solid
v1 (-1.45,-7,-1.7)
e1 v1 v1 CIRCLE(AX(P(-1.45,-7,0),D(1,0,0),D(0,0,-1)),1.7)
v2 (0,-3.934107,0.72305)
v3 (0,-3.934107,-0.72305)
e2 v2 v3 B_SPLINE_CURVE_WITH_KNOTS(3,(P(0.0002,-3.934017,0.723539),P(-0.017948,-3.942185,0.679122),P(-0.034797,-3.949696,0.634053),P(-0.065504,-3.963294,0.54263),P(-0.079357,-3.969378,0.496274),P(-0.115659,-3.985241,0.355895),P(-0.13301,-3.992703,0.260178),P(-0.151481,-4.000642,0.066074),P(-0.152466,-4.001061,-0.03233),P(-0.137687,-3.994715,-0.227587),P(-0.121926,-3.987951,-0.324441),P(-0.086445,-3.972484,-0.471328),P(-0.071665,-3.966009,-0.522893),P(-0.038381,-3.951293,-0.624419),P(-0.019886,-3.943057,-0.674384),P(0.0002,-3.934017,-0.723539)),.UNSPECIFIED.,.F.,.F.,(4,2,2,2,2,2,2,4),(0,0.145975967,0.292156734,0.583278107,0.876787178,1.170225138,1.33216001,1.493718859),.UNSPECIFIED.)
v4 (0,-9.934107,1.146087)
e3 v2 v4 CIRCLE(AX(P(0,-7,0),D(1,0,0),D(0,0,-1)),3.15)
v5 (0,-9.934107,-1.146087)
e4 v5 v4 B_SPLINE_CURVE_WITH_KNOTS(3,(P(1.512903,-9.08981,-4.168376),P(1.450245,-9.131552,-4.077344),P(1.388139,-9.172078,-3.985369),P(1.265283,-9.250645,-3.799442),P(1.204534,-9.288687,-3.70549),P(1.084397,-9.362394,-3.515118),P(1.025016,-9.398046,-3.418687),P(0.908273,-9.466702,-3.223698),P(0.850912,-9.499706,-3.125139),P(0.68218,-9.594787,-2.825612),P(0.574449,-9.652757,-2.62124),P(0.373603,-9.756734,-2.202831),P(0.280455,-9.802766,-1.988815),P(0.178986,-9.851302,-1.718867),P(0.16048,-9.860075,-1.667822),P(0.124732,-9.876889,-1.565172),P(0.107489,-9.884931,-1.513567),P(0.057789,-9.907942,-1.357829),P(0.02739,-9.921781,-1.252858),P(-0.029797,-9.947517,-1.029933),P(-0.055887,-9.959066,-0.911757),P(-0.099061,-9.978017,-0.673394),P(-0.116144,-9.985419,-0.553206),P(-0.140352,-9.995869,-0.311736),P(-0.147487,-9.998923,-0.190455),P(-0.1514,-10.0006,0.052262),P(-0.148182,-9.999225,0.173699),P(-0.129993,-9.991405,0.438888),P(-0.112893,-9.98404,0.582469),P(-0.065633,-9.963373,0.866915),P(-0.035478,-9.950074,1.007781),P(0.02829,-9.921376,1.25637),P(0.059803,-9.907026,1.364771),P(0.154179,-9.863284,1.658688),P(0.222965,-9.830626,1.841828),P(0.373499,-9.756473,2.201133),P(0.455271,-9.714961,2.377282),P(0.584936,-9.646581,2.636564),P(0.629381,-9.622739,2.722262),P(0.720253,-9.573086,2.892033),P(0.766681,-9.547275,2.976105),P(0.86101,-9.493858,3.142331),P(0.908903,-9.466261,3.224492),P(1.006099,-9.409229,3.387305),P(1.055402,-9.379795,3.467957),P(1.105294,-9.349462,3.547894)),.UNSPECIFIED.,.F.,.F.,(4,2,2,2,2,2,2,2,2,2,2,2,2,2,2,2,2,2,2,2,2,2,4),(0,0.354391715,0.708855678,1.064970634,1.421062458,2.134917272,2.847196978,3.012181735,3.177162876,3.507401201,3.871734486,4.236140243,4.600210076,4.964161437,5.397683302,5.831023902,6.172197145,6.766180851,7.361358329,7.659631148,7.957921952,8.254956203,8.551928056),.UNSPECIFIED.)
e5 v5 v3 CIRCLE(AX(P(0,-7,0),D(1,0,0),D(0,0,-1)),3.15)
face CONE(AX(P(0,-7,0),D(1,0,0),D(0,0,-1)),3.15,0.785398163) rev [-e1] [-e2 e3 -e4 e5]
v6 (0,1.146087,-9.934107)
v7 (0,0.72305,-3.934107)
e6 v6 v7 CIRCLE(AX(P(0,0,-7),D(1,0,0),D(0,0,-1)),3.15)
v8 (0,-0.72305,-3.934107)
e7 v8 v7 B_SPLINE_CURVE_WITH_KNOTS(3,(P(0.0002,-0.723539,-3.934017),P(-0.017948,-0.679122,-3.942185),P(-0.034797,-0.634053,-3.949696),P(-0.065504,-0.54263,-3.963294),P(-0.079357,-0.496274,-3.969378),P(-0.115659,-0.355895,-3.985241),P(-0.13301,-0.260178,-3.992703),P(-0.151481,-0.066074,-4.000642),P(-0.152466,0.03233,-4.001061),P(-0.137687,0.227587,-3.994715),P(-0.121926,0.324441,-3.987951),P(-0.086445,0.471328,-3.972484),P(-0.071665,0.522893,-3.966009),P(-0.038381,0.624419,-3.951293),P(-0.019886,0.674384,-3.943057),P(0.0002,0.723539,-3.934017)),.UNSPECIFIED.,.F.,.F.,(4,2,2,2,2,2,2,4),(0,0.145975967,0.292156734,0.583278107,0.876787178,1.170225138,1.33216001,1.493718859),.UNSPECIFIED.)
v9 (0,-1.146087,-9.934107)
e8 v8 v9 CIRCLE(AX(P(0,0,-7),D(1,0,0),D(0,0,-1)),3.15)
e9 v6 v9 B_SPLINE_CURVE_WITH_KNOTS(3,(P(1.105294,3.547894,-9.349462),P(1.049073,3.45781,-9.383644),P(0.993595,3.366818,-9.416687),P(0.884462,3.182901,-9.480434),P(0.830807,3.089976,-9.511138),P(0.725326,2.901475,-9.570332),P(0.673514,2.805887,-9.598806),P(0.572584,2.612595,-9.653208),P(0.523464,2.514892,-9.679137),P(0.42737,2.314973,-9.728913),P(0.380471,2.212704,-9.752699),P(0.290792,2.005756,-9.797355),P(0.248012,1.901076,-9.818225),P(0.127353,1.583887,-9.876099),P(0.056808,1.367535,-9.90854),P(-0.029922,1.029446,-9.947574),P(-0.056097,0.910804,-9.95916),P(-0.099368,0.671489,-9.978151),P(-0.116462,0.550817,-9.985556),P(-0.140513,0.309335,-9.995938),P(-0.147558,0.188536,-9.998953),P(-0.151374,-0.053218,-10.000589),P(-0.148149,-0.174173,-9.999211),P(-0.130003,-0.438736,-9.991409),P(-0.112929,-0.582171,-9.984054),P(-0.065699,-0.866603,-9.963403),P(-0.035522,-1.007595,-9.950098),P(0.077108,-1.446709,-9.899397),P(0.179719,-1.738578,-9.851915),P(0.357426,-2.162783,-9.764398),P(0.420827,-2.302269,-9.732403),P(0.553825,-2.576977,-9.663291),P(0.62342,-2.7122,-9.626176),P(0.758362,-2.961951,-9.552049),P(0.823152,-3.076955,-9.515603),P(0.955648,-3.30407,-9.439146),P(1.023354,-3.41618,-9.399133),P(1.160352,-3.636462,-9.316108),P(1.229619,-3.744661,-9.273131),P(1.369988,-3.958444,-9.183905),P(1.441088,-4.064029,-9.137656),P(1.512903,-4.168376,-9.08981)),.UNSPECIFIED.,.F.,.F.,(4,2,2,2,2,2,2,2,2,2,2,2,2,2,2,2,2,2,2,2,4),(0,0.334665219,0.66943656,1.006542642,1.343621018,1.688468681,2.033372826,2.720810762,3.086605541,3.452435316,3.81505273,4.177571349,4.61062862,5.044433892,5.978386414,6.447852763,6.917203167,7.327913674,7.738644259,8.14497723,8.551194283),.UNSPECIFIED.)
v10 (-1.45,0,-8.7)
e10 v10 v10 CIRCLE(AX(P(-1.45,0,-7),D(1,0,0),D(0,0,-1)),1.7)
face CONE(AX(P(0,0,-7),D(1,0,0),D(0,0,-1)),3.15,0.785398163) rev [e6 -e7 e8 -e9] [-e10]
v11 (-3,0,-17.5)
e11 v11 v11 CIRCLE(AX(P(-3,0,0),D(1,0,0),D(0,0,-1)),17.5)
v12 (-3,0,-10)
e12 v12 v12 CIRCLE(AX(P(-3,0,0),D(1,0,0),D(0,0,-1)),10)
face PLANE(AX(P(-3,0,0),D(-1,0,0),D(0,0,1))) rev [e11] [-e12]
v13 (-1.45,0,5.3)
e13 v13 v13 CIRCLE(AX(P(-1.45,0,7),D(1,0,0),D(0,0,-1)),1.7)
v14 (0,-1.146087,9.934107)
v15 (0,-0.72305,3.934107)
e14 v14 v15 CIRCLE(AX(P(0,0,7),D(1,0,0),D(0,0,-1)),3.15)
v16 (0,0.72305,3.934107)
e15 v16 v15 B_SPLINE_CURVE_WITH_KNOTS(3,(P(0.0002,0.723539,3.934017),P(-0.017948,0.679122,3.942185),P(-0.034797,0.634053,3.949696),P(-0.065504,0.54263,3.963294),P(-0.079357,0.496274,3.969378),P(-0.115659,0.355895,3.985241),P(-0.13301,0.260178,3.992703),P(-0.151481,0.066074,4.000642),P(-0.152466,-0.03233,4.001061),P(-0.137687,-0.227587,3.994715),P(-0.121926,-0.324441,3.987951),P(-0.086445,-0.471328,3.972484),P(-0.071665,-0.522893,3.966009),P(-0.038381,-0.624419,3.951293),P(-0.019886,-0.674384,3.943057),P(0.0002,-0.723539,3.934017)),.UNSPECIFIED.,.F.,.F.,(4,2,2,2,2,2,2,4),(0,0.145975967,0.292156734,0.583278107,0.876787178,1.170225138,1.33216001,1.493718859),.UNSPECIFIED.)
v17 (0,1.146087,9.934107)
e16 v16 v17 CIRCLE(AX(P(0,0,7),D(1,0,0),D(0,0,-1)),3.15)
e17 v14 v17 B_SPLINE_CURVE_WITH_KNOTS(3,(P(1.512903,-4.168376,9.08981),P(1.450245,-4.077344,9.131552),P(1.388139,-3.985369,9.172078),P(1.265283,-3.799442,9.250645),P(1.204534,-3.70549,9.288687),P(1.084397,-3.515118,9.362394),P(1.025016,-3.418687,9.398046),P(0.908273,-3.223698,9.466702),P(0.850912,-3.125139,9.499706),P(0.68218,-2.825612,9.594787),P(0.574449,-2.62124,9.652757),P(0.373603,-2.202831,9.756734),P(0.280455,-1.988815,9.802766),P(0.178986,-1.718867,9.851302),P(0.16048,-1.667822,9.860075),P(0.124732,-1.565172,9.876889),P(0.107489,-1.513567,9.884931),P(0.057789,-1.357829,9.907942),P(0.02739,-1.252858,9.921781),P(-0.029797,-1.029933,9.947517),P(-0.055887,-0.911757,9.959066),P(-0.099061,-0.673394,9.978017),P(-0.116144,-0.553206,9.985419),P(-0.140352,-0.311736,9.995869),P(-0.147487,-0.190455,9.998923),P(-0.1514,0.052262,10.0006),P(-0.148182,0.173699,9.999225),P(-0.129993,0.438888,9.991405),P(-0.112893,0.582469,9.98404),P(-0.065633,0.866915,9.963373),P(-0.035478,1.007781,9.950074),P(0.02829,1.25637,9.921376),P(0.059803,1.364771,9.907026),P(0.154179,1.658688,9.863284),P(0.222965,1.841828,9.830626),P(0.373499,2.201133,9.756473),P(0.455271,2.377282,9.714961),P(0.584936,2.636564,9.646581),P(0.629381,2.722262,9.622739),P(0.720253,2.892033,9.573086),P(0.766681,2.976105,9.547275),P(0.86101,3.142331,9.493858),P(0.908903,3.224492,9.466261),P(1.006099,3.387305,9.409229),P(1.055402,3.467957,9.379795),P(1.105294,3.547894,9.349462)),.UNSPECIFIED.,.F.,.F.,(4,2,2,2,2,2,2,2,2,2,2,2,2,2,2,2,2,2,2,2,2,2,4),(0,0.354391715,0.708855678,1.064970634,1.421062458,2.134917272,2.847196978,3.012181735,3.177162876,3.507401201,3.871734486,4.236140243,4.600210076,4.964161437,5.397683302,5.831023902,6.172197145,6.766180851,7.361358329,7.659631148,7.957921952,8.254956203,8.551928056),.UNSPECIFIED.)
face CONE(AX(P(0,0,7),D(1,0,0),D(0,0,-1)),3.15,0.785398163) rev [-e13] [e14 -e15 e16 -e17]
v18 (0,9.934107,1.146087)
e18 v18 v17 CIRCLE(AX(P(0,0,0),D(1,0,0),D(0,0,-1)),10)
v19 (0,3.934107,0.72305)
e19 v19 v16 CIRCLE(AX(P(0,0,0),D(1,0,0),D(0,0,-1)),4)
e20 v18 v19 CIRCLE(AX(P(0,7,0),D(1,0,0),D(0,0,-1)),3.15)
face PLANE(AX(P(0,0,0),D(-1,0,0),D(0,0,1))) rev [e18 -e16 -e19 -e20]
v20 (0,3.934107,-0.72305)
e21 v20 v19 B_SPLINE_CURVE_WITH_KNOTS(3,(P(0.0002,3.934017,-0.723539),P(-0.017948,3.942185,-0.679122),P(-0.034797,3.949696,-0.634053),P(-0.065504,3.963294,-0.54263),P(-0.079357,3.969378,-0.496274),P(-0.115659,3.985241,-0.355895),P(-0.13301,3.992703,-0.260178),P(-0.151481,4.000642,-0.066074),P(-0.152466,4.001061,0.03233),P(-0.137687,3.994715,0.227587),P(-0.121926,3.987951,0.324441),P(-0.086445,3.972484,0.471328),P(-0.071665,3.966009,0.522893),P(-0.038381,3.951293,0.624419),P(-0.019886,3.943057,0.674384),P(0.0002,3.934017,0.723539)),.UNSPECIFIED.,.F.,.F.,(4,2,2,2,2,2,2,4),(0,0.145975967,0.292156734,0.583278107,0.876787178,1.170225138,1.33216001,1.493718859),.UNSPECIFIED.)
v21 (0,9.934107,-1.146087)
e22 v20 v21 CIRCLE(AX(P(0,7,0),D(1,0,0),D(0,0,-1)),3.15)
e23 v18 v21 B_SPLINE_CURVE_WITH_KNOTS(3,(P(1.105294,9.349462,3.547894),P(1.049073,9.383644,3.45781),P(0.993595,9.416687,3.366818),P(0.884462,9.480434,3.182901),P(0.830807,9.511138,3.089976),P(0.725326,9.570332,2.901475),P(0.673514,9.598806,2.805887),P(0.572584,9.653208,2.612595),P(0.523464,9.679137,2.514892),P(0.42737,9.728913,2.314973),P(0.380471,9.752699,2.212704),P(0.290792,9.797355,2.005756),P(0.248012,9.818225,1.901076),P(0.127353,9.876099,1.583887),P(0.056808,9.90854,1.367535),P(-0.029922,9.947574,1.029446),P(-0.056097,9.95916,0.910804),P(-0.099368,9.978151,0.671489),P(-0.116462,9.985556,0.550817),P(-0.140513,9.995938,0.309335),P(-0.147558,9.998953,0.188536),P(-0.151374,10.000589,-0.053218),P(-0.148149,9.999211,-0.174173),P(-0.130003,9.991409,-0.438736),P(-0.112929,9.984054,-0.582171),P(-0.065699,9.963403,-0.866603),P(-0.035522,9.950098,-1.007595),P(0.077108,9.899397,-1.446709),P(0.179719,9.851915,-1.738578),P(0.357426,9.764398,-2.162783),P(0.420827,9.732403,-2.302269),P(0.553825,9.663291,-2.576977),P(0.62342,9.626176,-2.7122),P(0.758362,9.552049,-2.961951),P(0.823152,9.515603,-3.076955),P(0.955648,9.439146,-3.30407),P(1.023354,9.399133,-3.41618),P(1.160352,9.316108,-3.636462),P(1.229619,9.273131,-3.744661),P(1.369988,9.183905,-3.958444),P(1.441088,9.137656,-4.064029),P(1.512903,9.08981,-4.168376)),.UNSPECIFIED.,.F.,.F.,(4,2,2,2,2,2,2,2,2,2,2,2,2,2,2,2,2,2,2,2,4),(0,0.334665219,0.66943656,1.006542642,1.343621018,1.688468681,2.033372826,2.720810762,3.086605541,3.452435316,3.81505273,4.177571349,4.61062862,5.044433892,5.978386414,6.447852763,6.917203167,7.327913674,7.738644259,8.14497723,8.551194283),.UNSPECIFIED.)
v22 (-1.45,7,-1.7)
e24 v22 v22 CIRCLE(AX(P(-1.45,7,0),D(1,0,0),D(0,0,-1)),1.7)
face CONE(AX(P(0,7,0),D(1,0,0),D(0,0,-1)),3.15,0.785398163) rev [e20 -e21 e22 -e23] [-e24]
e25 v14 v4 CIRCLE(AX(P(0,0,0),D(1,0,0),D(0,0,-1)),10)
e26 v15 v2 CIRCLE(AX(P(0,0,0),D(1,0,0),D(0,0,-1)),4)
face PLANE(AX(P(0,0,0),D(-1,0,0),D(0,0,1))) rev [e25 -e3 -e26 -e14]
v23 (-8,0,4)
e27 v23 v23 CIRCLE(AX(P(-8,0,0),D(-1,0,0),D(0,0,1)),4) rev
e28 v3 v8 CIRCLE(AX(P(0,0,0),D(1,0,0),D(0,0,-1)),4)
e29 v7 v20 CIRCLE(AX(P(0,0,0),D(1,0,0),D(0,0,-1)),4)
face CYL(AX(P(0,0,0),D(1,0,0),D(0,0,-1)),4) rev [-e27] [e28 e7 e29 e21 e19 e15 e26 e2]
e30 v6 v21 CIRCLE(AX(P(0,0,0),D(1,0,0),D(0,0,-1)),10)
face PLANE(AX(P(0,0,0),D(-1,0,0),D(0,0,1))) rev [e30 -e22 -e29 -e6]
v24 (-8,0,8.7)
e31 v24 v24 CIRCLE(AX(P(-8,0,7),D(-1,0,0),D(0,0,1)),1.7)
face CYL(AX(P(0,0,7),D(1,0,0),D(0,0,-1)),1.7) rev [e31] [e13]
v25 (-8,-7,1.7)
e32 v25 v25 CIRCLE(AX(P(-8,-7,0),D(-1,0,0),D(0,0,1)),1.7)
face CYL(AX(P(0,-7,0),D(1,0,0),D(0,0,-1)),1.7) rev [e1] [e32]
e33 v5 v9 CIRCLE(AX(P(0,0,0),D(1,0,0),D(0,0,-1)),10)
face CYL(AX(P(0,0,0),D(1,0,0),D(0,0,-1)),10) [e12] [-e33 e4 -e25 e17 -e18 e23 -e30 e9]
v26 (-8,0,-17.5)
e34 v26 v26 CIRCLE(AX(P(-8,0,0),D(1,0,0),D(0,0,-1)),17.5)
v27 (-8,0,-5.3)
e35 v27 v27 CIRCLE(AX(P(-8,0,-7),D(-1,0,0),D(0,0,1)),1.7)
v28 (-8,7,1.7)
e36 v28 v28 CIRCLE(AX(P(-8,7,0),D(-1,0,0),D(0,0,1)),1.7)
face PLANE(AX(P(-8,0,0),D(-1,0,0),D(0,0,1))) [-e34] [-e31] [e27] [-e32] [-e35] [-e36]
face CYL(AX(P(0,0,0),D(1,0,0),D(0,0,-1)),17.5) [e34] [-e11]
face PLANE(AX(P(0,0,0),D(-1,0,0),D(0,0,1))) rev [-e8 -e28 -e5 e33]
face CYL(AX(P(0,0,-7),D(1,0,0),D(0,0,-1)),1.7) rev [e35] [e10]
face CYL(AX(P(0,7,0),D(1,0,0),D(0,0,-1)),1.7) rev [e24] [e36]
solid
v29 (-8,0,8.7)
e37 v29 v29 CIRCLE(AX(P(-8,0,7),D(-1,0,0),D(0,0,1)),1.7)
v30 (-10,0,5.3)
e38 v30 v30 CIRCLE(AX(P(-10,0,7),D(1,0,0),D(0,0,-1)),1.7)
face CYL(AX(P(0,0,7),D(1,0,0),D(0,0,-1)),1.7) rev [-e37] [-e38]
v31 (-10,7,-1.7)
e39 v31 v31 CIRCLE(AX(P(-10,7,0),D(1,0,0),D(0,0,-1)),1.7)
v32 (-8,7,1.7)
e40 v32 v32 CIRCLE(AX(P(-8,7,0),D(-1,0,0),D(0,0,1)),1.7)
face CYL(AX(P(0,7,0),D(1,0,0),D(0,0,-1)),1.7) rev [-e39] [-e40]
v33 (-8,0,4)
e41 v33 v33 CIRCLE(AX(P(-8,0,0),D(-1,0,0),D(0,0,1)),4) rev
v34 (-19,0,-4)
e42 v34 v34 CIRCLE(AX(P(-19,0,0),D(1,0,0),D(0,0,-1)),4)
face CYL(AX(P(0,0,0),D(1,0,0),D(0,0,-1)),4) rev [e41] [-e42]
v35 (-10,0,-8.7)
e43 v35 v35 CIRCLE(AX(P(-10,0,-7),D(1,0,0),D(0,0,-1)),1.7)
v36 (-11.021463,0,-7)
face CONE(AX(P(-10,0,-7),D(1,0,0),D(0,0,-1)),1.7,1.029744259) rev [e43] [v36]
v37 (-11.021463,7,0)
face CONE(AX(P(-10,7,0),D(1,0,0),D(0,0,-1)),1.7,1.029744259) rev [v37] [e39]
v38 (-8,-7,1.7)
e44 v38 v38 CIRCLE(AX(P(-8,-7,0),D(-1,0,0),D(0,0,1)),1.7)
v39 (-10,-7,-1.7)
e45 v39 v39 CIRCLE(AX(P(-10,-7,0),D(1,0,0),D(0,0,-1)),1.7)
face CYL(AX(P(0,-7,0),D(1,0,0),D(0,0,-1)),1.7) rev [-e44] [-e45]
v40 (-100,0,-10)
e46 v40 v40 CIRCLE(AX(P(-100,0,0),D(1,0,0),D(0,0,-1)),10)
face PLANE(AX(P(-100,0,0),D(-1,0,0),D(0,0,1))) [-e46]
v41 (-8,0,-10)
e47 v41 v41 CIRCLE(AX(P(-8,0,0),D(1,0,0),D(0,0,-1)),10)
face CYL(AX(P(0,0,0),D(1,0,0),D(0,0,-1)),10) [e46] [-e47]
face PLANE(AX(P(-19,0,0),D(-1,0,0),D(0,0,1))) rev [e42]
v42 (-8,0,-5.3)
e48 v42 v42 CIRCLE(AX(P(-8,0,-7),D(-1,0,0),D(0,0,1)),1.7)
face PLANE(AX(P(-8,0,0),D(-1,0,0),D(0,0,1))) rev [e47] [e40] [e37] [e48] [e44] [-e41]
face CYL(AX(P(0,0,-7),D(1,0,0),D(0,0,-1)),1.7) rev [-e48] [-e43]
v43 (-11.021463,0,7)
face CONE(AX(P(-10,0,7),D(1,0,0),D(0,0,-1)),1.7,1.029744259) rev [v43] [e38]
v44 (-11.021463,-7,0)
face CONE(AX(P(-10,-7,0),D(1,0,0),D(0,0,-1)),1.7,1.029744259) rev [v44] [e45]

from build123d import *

# Parameters (mm, degrees)
CSK_FOR_M3_COUNTERSUNK_RAISED_HEAD_S_2_COUNT = 2
CSK_FOR_M3_COUNTERSUNK_RAISED_HEAD_S_2_PITCH = 9.899494937
CSK_FOR_M3_COUNTERSUNK_RAISED_HEAD_S_3_COUNT = 2
CSK_FOR_M3_COUNTERSUNK_RAISED_HEAD_S_3_PITCH = 14
CSK_FOR_M3_COUNTERSUNK_RAISED_HEAD_S_4_COUNT = 2
CSK_FOR_M3_COUNTERSUNK_RAISED_HEAD_S_4_PITCH = 9.899494937


with BuildPart() as part:
    # Sketch1 → Revolve2 (revolve)
    with BuildSketch(Plane(origin=(0, 0, 0), x_dir=(1, 0, 0), z_dir=(0, 1, 0))):
        Polygon((-3, 10), (-3, 17.5), (-8, 17.5), (-8, 10), (-100, 10), (-100, 0), (-19, 0), (-19, 4), (0, 4), (0, 10), align=None)
    revolve(axis=Axis((0, 0, 0), (-1, 0, 0)))


with BuildPart() as body_2:
    # Split1: the piece on the far side of the plane
    add(part.part)
    split(bisect_by=Plane(origin=(-8, 0, 0), x_dir=(0, 0, -1), z_dir=(-1, 0, 0)), keep=Keep.BOTTOM)


with BuildPart() as part_1:
    add(part.part)

    # Split1
    split(bisect_by=Plane(origin=(-8, 0, 0), x_dir=(0, 0, -1), z_dir=(-1, 0, 0)), keep=Keep.TOP)


with BuildPart() as csk_for_m3_countersunk_raised_head_screw_tool:
    # Sketch7 → CSK for M3 Countersunk Raised Head Screw2 (revolve)
    with BuildSketch(Plane(origin=(0, 0, 7), x_dir=(0, 0, -1), z_dir=(0, 1, 0))):
        Polygon((0, 0), (0, 11.021463052), (1.7, 10), (1.7, 1.45), (3.15, 0), align=None)
    csk_for_m3_countersunk_raised_head_screw = revolve(axis=Axis((6.35, 0, 7), (-1, 0, 0)))


with BuildPart() as part_2:
    add(part_1.part)

    # CSK for M3 Countersunk Raised Head Screw2: cut by csk_for_m3_countersunk_raised_head_screw_tool
    add(csk_for_m3_countersunk_raised_head_screw_tool.part, mode=Mode.SUBTRACT)


with BuildPart() as body_2_1:
    add(body_2.part)

    # CSK for M3 Countersunk Raised Head Screw2: cut by csk_for_m3_countersunk_raised_head_screw_tool
    add(csk_for_m3_countersunk_raised_head_screw_tool.part, mode=Mode.SUBTRACT)


with BuildPart() as csk_for_m3_countersunk_raised_head_s_2_tool:
    # CSK for M3 Countersunk Raised Head S 2: CSK for M3 Countersunk Raised Head Screw2 ×2
    with Locations(*[Vector(0, 0.7071067811865476, -0.7071067811865476) * (i * CSK_FOR_M3_COUNTERSUNK_RAISED_HEAD_S_2_PITCH) for i in range(1, CSK_FOR_M3_COUNTERSUNK_RAISED_HEAD_S_2_COUNT)]):
        add(csk_for_m3_countersunk_raised_head_screw)


with BuildPart() as part_3:
    add(part_2.part)

    # CSK for M3 Countersunk Raised Head S 2: cut by csk_for_m3_countersunk_raised_head_s_2_tool
    add(csk_for_m3_countersunk_raised_head_s_2_tool.part, mode=Mode.SUBTRACT)


with BuildPart() as body_2_2:
    add(body_2_1.part)

    # CSK for M3 Countersunk Raised Head S 2: cut by csk_for_m3_countersunk_raised_head_s_2_tool
    add(csk_for_m3_countersunk_raised_head_s_2_tool.part, mode=Mode.SUBTRACT)


with BuildPart() as csk_for_m3_countersunk_raised_head_s_3_tool:
    # CSK for M3 Countersunk Raised Head S 3: CSK for M3 Countersunk Raised Head Screw2 ×2
    with Locations(*[(0, 0, -i * CSK_FOR_M3_COUNTERSUNK_RAISED_HEAD_S_3_PITCH) for i in range(1, CSK_FOR_M3_COUNTERSUNK_RAISED_HEAD_S_3_COUNT)]):
        add(csk_for_m3_countersunk_raised_head_screw)


with BuildPart() as part_4:
    add(part_3.part)

    # CSK for M3 Countersunk Raised Head S 3: cut by csk_for_m3_countersunk_raised_head_s_3_tool
    add(csk_for_m3_countersunk_raised_head_s_3_tool.part, mode=Mode.SUBTRACT)


with BuildPart() as body_2_3:
    add(body_2_2.part)

    # CSK for M3 Countersunk Raised Head S 3: cut by csk_for_m3_countersunk_raised_head_s_3_tool
    add(csk_for_m3_countersunk_raised_head_s_3_tool.part, mode=Mode.SUBTRACT)


with BuildPart() as csk_for_m3_countersunk_raised_head_s_4_tool:
    # CSK for M3 Countersunk Raised Head S 4: CSK for M3 Countersunk Raised Head Screw2 ×2
    with Locations(*[Vector(0, -0.7071067811865476, -0.7071067811865476) * (i * CSK_FOR_M3_COUNTERSUNK_RAISED_HEAD_S_4_PITCH) for i in range(1, CSK_FOR_M3_COUNTERSUNK_RAISED_HEAD_S_4_COUNT)]):
        add(csk_for_m3_countersunk_raised_head_screw)


with BuildPart() as part_5:
    add(part_4.part)

    # CSK for M3 Countersunk Raised Head S 4: cut by csk_for_m3_countersunk_raised_head_s_4_tool
    add(csk_for_m3_countersunk_raised_head_s_4_tool.part, mode=Mode.SUBTRACT)


with BuildPart() as body_2_4:
    add(body_2_3.part)

    # CSK for M3 Countersunk Raised Head S 4: cut by csk_for_m3_countersunk_raised_head_s_4_tool
    add(csk_for_m3_countersunk_raised_head_s_4_tool.part, mode=Mode.SUBTRACT)


solid = Compound([part_5.part, body_2_4.part])
